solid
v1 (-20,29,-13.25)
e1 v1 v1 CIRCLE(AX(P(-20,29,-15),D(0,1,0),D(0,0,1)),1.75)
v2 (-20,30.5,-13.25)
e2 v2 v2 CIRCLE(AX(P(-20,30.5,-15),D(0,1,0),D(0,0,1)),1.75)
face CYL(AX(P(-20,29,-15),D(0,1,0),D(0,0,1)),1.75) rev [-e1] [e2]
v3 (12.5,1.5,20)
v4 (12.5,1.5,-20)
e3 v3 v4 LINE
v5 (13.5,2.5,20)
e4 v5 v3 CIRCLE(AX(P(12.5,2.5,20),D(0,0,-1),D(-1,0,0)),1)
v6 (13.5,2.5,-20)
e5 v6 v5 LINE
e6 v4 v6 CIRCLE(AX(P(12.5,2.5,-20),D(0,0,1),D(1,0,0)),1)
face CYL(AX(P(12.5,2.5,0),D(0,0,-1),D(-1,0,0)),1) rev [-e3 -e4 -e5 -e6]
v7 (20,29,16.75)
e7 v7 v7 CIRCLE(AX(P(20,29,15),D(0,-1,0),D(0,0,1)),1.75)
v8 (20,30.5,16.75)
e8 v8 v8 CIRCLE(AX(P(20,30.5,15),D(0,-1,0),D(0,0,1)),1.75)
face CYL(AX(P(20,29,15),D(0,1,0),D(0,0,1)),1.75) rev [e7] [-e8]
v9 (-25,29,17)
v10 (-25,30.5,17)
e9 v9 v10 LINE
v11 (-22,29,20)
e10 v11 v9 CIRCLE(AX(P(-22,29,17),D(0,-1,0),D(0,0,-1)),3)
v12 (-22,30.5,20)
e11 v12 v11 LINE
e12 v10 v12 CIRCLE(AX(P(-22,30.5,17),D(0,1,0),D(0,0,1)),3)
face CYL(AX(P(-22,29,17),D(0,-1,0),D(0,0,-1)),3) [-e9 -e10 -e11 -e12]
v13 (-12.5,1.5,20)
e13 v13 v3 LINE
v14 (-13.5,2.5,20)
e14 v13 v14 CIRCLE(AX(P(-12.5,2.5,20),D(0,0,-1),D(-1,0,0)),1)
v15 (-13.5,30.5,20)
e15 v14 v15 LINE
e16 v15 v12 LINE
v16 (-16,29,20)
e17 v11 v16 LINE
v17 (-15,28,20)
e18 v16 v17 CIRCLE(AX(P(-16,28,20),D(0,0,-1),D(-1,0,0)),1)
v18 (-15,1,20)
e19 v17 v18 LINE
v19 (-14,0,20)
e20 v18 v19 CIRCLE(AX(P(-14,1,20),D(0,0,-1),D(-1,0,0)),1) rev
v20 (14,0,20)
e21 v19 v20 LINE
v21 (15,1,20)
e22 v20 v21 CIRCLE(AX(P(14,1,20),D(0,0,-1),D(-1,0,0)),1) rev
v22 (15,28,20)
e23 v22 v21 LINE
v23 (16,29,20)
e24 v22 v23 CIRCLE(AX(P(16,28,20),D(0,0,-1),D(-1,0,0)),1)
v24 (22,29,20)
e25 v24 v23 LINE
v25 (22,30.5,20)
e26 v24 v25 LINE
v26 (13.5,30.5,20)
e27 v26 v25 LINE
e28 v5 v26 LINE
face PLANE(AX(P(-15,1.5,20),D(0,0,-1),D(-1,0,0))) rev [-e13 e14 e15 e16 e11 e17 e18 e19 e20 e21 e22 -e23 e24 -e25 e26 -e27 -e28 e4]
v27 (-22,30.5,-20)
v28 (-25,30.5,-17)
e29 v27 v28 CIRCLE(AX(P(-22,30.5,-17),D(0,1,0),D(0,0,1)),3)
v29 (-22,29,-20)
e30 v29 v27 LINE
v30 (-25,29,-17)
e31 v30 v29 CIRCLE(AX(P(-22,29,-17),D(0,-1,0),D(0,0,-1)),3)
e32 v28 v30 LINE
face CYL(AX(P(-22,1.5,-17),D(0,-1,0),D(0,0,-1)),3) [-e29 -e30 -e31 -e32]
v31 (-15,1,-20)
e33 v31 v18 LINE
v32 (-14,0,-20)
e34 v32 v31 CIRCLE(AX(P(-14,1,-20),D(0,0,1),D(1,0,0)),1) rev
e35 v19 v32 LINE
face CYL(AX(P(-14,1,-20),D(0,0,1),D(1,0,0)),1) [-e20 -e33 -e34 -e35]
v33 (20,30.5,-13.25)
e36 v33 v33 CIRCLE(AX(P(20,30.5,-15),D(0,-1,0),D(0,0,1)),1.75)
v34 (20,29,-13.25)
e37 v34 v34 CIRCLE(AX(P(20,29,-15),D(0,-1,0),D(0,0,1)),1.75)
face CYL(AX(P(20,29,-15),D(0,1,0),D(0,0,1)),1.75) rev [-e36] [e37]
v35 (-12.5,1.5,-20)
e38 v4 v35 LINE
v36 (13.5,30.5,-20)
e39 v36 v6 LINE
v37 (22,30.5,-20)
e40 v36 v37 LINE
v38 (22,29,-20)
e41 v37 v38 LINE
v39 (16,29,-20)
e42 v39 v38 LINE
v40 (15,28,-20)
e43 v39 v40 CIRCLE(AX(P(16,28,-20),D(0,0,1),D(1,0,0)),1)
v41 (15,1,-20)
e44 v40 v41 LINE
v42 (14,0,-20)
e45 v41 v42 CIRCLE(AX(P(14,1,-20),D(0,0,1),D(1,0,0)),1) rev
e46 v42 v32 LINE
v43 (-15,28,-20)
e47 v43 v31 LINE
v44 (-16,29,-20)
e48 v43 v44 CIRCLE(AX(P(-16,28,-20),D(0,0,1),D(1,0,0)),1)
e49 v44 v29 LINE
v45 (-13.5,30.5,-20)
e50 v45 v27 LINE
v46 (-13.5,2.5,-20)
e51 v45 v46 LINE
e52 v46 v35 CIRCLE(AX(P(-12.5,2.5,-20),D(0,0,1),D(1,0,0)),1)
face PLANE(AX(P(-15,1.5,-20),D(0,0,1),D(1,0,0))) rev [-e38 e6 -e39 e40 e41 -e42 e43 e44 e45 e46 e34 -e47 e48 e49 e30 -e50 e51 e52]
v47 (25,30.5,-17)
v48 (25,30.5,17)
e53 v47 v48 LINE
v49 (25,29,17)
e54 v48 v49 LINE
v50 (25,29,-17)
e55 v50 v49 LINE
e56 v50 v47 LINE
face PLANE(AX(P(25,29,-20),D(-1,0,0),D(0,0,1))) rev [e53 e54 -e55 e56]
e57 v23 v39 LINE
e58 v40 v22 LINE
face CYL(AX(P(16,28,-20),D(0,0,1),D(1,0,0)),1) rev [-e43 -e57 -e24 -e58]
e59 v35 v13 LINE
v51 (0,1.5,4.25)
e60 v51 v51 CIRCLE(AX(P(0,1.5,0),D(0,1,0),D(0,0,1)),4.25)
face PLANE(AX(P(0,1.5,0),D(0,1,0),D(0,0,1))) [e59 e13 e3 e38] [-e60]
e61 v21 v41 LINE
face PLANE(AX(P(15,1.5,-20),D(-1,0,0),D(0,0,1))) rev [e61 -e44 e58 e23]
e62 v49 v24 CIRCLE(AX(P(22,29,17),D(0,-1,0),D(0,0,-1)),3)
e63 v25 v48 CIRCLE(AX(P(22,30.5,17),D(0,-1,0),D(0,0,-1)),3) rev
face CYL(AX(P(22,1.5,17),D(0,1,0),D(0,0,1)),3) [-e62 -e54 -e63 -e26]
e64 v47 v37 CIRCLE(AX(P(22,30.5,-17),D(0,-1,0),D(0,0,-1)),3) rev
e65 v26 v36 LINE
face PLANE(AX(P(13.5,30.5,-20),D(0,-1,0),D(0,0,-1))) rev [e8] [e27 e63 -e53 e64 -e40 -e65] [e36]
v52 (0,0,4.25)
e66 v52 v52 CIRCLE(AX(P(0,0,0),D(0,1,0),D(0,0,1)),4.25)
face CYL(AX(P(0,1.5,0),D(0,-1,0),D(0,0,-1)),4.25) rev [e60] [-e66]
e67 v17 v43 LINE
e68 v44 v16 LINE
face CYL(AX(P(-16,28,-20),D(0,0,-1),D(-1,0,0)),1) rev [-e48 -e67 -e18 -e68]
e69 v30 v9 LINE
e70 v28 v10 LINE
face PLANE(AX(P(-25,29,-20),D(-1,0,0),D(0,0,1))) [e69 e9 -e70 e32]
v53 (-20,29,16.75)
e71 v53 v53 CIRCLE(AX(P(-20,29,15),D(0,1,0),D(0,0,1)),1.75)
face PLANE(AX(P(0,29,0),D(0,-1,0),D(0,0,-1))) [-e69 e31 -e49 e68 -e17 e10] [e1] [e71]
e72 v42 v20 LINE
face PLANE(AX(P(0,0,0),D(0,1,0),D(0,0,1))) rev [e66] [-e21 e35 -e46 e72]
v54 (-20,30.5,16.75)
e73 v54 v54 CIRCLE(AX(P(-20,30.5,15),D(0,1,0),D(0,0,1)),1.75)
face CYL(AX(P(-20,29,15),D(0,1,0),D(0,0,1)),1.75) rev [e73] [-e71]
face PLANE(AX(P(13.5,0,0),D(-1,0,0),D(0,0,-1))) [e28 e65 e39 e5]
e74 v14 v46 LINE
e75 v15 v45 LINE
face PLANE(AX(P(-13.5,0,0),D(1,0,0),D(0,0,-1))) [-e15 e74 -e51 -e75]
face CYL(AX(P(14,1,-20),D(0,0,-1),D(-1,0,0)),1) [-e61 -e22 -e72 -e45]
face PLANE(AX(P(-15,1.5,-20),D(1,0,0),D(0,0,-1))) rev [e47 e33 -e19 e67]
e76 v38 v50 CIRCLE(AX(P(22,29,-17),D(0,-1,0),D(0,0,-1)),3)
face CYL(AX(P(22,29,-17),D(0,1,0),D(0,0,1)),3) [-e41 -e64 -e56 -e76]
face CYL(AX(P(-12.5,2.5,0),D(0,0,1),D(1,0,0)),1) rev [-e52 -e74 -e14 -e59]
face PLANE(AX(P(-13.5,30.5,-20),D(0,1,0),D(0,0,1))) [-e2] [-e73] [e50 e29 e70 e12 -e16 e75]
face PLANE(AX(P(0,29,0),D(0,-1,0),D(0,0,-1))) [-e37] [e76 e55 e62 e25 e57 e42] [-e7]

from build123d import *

# Parameters (mm, degrees)
SKETCH1_W           = 30
SKETCH1_H           = 40
SKETCH1_R           = 4.25
BOSS_EXTRUDE1_DEPTH = 1.5
SKETCH2_W           = 40
SKETCH2_H           = 30.5
BOSS_EXTRUDE2_DEPTH = 1.5
SKETCH3_W           = 11.5
SKETCH3_H           = 40
SKETCH3_R           = 1.75
BOSS_EXTRUDE3_DEPTH = 1.5
FILLET1_R           = 1
FILLET2_R           = 3


with BuildPart() as part:
    # Sketch1 → Boss-Extrude1 (new body)
    with BuildSketch(Plane(origin=(0, 0, 0), x_dir=(1, 0, 0), z_dir=(0, 1, 0))):
        Rectangle(SKETCH1_W, SKETCH1_H)
        Circle(SKETCH1_R, mode=Mode.SUBTRACT)
    extrude(amount=BOSS_EXTRUDE1_DEPTH)

    # Sketch2 → Boss-Extrude2 (add)
    with BuildSketch(Plane.ZY.offset(15)):
        with Locations((0, 15.25)):
            Rectangle(SKETCH2_W, SKETCH2_H)
    boss_extrude2 = extrude(amount=-BOSS_EXTRUDE2_DEPTH)

    # Sketch3 → Boss-Extrude3 (add)
    with BuildSketch(Plane(origin=(0, 30.5, 0), x_dir=(1, 0, 0), z_dir=(0, 1, 0))):
        with Locations((-19.25, 0)):
            Rectangle(SKETCH3_W, SKETCH3_H)
        with Locations((-20, 15)):
            Circle(SKETCH3_R, mode=Mode.SUBTRACT)
        with Locations((-20, -15)):
            Circle(SKETCH3_R, mode=Mode.SUBTRACT)
    boss_extrude3 = extrude(amount=-BOSS_EXTRUDE3_DEPTH)

    # Mirror1: Boss-Extrude2, Boss-Extrude3 across plane
    add(boss_extrude2.mirror(Plane(origin=(0, 0, 0), x_dir=(0, 0, 1), z_dir=(1, 0, 0))))
    add(boss_extrude3.mirror(Plane(origin=(0, 0, 0), x_dir=(0, 0, 1), z_dir=(1, 0, 0))))

    # Fillet1
    fillet1_edges = [part.edges().sort_by_distance(p)[0] for p in [
        (-13.5, 1.5, 0),
        (-15, 29, 0),
        (15, 0, 0),
        (-15, 0, 0),
        (13.5, 1.5, 0),
        (15, 29, 0),
    ]]
    fillet(fillet1_edges, radius=FILLET1_R)

    # Fillet2
    fillet2_edges = [part.edges().sort_by_distance(p)[0] for p in [
        (-25, 29.75, -20),
        (-25, 29.75, 20),
        (25, 29.75, 20),
        (25, 29.75, -20),
    ]]
    fillet(fillet2_edges, radius=FILLET2_R)


solid = part.part
